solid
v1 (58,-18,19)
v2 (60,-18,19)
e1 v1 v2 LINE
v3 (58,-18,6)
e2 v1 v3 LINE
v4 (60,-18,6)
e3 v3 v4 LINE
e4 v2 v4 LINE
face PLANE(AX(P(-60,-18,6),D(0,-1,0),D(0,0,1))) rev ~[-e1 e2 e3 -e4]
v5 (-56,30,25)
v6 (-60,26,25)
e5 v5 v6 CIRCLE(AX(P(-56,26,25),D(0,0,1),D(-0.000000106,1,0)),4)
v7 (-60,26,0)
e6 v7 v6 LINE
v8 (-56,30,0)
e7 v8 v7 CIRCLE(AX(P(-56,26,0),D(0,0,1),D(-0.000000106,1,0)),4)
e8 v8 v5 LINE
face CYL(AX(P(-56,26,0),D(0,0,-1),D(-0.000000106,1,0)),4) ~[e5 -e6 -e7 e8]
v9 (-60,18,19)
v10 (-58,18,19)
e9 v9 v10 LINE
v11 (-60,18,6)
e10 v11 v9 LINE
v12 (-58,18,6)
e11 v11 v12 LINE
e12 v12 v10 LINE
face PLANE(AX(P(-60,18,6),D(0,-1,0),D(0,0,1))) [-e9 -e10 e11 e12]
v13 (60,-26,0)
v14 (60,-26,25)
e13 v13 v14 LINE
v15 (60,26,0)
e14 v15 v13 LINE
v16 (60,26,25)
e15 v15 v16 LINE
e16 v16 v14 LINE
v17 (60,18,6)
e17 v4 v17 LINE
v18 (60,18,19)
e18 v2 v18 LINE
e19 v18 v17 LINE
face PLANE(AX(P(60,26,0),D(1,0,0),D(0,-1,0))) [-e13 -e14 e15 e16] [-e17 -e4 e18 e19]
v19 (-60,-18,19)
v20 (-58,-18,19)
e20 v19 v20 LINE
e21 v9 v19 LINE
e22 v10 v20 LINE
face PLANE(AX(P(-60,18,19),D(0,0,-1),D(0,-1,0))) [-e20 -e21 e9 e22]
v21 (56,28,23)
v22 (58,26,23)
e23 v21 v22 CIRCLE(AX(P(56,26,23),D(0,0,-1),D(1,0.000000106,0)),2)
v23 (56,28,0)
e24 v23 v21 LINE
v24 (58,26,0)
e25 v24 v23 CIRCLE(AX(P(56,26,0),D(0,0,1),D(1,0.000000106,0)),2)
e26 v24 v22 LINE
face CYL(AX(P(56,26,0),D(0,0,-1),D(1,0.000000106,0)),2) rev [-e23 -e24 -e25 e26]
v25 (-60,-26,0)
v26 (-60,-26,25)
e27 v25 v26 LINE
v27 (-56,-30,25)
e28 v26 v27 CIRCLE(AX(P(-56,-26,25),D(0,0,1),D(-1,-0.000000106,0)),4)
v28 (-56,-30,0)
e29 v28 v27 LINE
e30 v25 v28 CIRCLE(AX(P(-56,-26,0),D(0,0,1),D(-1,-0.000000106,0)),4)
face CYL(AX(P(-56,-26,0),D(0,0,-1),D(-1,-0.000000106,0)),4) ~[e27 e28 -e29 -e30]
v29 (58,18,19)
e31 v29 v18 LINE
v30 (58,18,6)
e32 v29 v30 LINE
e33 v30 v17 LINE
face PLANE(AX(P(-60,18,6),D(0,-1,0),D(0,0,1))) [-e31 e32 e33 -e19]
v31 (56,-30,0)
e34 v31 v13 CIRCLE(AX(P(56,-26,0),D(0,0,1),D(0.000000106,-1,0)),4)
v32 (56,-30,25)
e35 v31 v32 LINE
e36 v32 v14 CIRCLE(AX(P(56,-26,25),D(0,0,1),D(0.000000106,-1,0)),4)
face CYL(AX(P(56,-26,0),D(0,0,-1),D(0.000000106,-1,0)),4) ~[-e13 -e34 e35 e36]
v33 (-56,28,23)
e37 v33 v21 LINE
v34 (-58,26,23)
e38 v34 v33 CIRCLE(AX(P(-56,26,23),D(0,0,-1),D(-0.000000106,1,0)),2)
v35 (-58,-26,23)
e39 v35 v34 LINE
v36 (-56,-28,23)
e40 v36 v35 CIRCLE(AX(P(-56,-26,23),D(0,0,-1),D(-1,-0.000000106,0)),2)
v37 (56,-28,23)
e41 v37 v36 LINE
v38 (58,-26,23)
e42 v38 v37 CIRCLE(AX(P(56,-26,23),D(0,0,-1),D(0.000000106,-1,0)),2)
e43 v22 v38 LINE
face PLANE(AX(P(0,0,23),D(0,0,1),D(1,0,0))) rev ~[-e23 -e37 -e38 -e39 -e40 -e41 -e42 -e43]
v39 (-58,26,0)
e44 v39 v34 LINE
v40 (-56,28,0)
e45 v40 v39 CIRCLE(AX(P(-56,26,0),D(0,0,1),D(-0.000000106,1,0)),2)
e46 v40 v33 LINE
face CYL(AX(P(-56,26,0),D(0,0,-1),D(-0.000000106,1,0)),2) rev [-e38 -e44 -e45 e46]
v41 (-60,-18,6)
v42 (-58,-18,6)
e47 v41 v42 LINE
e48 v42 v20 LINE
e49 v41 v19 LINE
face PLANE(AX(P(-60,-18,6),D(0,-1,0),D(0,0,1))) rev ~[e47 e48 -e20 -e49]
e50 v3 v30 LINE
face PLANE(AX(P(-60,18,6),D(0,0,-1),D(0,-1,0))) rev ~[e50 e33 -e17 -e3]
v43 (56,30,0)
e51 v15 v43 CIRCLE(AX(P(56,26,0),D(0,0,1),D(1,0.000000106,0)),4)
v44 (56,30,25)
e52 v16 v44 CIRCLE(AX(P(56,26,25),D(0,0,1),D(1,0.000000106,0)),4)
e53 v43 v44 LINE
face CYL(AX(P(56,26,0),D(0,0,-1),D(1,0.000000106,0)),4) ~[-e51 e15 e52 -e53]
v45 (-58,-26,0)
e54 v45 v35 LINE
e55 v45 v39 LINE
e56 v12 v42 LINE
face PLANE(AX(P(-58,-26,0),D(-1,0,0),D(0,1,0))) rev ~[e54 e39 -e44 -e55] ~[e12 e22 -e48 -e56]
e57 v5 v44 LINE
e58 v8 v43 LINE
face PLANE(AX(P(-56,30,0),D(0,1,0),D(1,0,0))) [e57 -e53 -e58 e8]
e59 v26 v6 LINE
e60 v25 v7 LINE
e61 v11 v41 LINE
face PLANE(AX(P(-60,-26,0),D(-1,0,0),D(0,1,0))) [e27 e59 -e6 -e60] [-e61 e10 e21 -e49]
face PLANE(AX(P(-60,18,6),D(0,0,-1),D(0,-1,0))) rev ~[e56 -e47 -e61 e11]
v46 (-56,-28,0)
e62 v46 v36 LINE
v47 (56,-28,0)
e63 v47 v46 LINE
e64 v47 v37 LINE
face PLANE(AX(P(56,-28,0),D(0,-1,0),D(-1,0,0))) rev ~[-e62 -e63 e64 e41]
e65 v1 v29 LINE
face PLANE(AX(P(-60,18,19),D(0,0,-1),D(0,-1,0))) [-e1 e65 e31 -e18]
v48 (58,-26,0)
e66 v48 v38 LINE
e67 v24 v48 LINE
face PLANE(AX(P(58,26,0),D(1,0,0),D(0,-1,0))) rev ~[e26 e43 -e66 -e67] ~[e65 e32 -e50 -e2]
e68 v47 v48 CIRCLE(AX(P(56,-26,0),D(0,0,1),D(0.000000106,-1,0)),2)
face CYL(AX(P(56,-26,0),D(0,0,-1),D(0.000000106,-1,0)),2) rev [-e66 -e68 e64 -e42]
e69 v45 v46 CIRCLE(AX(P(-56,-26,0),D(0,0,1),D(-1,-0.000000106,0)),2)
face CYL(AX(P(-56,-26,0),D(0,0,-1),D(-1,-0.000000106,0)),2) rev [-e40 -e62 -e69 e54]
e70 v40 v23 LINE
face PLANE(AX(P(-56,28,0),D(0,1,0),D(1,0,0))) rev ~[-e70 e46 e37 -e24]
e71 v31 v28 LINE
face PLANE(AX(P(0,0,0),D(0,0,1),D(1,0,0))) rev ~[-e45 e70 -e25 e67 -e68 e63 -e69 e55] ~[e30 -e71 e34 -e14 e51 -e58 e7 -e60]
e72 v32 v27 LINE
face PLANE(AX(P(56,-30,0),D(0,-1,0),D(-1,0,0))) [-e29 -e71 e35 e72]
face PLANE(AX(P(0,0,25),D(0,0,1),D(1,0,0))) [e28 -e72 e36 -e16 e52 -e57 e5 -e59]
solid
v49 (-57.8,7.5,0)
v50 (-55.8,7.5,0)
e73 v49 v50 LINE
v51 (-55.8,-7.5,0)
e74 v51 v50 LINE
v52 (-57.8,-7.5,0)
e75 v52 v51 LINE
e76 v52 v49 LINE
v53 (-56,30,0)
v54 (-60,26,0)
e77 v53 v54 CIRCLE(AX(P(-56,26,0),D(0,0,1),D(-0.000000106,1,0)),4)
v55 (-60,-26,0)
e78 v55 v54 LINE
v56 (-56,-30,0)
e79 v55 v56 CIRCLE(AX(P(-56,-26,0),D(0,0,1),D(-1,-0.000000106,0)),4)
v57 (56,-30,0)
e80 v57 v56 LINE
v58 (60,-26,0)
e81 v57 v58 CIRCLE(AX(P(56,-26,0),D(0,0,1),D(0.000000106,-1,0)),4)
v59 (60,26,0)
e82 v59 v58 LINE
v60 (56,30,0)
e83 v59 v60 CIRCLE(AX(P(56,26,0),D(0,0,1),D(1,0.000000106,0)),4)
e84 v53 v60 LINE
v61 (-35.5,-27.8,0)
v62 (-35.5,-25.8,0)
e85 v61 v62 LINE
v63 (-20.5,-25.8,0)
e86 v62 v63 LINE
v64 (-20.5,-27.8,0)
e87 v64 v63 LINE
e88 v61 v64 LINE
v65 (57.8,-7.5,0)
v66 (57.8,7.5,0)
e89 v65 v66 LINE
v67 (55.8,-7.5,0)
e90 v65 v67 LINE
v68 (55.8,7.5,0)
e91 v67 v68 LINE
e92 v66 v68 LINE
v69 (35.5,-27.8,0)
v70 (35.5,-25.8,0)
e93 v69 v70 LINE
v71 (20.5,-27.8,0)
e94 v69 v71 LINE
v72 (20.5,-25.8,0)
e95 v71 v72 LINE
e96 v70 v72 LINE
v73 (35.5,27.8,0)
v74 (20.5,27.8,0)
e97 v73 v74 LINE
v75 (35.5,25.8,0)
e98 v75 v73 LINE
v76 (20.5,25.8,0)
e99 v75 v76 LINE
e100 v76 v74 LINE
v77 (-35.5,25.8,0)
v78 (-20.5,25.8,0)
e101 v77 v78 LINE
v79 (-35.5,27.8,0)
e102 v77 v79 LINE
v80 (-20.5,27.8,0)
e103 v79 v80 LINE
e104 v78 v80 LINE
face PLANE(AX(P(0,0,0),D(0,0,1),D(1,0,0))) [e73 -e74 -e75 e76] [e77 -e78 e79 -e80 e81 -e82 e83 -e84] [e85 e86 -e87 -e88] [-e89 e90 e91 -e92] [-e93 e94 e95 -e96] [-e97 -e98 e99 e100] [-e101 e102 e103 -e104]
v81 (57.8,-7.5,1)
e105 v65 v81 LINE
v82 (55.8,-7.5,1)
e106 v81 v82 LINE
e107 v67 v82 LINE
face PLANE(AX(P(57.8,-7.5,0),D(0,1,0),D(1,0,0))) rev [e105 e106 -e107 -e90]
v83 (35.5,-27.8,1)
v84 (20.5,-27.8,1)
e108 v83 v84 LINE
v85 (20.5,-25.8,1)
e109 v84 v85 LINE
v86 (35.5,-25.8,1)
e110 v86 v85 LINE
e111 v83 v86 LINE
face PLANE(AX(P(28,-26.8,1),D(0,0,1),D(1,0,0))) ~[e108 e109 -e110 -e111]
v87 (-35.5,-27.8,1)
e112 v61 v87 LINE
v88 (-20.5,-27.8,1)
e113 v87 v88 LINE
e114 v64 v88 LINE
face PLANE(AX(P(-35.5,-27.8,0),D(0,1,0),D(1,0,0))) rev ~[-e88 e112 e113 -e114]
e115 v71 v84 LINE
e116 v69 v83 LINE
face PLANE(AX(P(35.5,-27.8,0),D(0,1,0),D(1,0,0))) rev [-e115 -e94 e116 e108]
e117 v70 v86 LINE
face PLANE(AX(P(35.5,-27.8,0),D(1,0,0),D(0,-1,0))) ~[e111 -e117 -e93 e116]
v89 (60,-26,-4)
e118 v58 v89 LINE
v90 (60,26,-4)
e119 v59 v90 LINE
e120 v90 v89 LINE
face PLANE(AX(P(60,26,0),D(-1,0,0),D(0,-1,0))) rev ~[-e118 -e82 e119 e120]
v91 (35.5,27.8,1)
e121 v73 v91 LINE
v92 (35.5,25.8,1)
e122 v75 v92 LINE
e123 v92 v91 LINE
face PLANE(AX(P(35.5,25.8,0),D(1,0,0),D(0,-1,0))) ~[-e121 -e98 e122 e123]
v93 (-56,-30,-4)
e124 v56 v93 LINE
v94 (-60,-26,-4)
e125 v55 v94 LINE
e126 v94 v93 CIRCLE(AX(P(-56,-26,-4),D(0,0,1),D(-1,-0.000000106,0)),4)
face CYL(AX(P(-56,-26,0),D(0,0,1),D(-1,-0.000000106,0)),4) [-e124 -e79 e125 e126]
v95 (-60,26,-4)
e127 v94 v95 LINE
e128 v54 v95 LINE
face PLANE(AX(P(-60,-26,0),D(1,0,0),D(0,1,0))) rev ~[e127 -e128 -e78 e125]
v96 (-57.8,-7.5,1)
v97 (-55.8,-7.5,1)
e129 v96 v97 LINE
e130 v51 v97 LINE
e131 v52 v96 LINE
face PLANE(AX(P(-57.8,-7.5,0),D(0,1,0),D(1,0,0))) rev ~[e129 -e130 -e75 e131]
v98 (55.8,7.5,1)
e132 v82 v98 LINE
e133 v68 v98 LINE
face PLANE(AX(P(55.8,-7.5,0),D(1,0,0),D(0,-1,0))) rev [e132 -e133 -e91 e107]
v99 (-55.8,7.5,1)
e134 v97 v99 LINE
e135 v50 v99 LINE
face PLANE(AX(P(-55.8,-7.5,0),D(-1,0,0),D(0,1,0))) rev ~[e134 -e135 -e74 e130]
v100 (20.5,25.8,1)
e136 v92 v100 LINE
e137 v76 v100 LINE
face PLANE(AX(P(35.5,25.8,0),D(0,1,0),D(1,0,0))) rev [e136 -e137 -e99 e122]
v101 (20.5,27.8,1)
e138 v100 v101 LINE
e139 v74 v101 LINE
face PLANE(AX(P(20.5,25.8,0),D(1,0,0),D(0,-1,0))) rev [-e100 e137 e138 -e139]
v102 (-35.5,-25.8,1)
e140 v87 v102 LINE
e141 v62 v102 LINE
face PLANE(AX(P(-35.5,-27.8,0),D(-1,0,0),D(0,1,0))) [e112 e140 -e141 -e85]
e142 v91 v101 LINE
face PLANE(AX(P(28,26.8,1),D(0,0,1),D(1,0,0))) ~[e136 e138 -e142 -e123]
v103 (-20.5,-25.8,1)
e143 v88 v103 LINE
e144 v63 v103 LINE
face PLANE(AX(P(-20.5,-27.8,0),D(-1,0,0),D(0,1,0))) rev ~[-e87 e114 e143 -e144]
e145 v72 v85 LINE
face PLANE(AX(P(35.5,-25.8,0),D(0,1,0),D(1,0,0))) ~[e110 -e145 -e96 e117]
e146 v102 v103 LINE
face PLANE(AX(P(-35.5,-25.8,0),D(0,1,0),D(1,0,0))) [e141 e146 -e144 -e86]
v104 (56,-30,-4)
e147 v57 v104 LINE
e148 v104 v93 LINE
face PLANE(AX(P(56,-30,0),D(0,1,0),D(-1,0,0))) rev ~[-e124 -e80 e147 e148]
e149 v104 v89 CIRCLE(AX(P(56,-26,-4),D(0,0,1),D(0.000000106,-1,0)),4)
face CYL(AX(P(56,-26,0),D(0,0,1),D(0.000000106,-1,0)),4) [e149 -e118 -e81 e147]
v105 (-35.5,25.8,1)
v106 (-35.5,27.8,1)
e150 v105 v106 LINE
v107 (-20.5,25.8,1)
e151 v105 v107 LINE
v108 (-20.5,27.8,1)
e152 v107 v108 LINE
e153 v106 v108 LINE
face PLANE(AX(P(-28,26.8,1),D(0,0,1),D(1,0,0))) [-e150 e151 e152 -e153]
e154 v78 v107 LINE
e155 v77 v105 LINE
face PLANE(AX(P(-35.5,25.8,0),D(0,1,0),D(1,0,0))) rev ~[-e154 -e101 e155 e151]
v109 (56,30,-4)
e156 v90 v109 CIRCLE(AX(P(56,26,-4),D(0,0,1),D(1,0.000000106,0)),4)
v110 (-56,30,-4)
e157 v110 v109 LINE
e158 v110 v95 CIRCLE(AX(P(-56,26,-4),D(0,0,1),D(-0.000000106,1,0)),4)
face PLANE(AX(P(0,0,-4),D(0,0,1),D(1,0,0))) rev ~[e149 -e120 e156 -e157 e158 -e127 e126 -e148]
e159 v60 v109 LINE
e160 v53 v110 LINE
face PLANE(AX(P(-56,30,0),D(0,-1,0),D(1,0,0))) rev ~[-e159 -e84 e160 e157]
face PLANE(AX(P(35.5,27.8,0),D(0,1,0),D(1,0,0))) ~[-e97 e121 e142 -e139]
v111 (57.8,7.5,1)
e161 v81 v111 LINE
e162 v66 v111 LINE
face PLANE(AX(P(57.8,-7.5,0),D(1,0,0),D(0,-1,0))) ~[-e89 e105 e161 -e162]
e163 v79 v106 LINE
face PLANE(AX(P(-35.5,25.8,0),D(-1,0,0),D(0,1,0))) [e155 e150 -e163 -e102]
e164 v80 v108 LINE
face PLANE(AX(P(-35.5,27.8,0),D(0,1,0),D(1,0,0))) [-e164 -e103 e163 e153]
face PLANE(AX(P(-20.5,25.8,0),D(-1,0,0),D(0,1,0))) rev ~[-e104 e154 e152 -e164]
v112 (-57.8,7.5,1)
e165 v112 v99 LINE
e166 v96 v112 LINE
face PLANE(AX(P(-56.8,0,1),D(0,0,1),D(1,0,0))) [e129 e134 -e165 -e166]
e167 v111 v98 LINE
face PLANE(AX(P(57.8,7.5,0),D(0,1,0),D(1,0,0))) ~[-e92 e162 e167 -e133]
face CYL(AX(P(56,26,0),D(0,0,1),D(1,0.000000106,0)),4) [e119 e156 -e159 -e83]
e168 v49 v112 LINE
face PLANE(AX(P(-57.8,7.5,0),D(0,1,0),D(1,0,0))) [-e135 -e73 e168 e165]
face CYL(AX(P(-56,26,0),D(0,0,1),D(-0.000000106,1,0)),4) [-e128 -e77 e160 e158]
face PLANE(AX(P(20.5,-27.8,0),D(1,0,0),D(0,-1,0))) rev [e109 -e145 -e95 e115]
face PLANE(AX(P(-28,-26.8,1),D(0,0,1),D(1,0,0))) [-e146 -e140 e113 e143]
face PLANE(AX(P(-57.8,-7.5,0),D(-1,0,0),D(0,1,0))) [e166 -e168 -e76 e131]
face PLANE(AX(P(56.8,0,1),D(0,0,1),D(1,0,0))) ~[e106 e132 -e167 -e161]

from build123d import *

# Parameters (mm, degrees)
PAD_DEPTH     = 25
THICKNESS_T   = -2
SKETCH003_W   = 36
SKETCH003_H   = 13
POCKET_DEPTH  = 120.001
PAD001_DEPTH  = 4
SKETCH002_W   = 15
SKETCH002_H   = 2
SKETCH002_W_2 = 2
SKETCH002_H_2 = 15
PAD002_DEPTH  = 1


with BuildPart() as base:
    # Sketch → Pad (new body)
    with BuildSketch(Plane.XY):
        with BuildLine():
            ThreePointArc((-56, 30), (-58.828427, 28.828427), (-60, 26))
            Line((-60, -26), (-60, 26))
            ThreePointArc((-60, -26), (-58.828427, -28.828427), (-56, -30))
            Line((56, -30), (-56, -30))
            ThreePointArc((56, -30), (58.828427, -28.828427), (60, -26))
            Line((60, 26), (60, -26))
            ThreePointArc((60, 26), (58.828427, 28.828427), (56, 30))
            Line((-56, 30), (56, 30))
        make_face()
    extrude(amount=PAD_DEPTH)

    # Thickness
    thickness_openings = [base.faces().sort_by_distance(p)[0] for p in [
        (0, 0, 0),
    ]]
    offset(amount=THICKNESS_T, openings=thickness_openings)

    # Sketch003 (on Face2 of Thickness) → Pocket (cut, through all)
    with BuildSketch(Plane(origin=(-60, 0, 0), x_dir=(0, -1, 0), z_dir=(-1, 0, 0))):
        with Locations((0, 12.5)):
            Rectangle(SKETCH003_W, SKETCH003_H)
    extrude(amount=-POCKET_DEPTH, mode=Mode.SUBTRACT)


with BuildPart() as lid:
    # Sketch001 → Pad001 (new body)
    with BuildSketch(Plane.XY):
        with BuildLine():
            ThreePointArc((-56, 30), (-58.828427, 28.828427), (-60, 26))
            Line((-60, -26), (-60, 26))
            ThreePointArc((-60, -26), (-58.828427, -28.828427), (-56, -30))
            Line((56, -30), (-56, -30))
            ThreePointArc((56, -30), (58.828427, -28.828427), (60, -26))
            Line((60, 26), (60, -26))
            ThreePointArc((60, 26), (58.828427, 28.828427), (56, 30))
            Line((-56, 30), (56, 30))
        make_face()
    extrude(amount=-PAD001_DEPTH)

    # Sketch002 (on Face9 of Pad001) → Pad002 (join)
    with BuildSketch(Plane.XY):
        with Locations((-28, 26.8)):
            Rectangle(SKETCH002_W, SKETCH002_H)
        with Locations((-56.8, 0)):
            Rectangle(SKETCH002_W_2, SKETCH002_H_2)
        with Locations((-28, -26.8)):
            Rectangle(SKETCH002_W, SKETCH002_H)
    pad002 = extrude(amount=PAD002_DEPTH)

    # Mirrored: Pad002 across Sketch002 V_Axis
    add(pad002.mirror(Plane(origin=(0, 0, 0), x_dir=(0, 0, 1), z_dir=(1, 0, 0))))


solid = Compound([base.part, lid.part])
